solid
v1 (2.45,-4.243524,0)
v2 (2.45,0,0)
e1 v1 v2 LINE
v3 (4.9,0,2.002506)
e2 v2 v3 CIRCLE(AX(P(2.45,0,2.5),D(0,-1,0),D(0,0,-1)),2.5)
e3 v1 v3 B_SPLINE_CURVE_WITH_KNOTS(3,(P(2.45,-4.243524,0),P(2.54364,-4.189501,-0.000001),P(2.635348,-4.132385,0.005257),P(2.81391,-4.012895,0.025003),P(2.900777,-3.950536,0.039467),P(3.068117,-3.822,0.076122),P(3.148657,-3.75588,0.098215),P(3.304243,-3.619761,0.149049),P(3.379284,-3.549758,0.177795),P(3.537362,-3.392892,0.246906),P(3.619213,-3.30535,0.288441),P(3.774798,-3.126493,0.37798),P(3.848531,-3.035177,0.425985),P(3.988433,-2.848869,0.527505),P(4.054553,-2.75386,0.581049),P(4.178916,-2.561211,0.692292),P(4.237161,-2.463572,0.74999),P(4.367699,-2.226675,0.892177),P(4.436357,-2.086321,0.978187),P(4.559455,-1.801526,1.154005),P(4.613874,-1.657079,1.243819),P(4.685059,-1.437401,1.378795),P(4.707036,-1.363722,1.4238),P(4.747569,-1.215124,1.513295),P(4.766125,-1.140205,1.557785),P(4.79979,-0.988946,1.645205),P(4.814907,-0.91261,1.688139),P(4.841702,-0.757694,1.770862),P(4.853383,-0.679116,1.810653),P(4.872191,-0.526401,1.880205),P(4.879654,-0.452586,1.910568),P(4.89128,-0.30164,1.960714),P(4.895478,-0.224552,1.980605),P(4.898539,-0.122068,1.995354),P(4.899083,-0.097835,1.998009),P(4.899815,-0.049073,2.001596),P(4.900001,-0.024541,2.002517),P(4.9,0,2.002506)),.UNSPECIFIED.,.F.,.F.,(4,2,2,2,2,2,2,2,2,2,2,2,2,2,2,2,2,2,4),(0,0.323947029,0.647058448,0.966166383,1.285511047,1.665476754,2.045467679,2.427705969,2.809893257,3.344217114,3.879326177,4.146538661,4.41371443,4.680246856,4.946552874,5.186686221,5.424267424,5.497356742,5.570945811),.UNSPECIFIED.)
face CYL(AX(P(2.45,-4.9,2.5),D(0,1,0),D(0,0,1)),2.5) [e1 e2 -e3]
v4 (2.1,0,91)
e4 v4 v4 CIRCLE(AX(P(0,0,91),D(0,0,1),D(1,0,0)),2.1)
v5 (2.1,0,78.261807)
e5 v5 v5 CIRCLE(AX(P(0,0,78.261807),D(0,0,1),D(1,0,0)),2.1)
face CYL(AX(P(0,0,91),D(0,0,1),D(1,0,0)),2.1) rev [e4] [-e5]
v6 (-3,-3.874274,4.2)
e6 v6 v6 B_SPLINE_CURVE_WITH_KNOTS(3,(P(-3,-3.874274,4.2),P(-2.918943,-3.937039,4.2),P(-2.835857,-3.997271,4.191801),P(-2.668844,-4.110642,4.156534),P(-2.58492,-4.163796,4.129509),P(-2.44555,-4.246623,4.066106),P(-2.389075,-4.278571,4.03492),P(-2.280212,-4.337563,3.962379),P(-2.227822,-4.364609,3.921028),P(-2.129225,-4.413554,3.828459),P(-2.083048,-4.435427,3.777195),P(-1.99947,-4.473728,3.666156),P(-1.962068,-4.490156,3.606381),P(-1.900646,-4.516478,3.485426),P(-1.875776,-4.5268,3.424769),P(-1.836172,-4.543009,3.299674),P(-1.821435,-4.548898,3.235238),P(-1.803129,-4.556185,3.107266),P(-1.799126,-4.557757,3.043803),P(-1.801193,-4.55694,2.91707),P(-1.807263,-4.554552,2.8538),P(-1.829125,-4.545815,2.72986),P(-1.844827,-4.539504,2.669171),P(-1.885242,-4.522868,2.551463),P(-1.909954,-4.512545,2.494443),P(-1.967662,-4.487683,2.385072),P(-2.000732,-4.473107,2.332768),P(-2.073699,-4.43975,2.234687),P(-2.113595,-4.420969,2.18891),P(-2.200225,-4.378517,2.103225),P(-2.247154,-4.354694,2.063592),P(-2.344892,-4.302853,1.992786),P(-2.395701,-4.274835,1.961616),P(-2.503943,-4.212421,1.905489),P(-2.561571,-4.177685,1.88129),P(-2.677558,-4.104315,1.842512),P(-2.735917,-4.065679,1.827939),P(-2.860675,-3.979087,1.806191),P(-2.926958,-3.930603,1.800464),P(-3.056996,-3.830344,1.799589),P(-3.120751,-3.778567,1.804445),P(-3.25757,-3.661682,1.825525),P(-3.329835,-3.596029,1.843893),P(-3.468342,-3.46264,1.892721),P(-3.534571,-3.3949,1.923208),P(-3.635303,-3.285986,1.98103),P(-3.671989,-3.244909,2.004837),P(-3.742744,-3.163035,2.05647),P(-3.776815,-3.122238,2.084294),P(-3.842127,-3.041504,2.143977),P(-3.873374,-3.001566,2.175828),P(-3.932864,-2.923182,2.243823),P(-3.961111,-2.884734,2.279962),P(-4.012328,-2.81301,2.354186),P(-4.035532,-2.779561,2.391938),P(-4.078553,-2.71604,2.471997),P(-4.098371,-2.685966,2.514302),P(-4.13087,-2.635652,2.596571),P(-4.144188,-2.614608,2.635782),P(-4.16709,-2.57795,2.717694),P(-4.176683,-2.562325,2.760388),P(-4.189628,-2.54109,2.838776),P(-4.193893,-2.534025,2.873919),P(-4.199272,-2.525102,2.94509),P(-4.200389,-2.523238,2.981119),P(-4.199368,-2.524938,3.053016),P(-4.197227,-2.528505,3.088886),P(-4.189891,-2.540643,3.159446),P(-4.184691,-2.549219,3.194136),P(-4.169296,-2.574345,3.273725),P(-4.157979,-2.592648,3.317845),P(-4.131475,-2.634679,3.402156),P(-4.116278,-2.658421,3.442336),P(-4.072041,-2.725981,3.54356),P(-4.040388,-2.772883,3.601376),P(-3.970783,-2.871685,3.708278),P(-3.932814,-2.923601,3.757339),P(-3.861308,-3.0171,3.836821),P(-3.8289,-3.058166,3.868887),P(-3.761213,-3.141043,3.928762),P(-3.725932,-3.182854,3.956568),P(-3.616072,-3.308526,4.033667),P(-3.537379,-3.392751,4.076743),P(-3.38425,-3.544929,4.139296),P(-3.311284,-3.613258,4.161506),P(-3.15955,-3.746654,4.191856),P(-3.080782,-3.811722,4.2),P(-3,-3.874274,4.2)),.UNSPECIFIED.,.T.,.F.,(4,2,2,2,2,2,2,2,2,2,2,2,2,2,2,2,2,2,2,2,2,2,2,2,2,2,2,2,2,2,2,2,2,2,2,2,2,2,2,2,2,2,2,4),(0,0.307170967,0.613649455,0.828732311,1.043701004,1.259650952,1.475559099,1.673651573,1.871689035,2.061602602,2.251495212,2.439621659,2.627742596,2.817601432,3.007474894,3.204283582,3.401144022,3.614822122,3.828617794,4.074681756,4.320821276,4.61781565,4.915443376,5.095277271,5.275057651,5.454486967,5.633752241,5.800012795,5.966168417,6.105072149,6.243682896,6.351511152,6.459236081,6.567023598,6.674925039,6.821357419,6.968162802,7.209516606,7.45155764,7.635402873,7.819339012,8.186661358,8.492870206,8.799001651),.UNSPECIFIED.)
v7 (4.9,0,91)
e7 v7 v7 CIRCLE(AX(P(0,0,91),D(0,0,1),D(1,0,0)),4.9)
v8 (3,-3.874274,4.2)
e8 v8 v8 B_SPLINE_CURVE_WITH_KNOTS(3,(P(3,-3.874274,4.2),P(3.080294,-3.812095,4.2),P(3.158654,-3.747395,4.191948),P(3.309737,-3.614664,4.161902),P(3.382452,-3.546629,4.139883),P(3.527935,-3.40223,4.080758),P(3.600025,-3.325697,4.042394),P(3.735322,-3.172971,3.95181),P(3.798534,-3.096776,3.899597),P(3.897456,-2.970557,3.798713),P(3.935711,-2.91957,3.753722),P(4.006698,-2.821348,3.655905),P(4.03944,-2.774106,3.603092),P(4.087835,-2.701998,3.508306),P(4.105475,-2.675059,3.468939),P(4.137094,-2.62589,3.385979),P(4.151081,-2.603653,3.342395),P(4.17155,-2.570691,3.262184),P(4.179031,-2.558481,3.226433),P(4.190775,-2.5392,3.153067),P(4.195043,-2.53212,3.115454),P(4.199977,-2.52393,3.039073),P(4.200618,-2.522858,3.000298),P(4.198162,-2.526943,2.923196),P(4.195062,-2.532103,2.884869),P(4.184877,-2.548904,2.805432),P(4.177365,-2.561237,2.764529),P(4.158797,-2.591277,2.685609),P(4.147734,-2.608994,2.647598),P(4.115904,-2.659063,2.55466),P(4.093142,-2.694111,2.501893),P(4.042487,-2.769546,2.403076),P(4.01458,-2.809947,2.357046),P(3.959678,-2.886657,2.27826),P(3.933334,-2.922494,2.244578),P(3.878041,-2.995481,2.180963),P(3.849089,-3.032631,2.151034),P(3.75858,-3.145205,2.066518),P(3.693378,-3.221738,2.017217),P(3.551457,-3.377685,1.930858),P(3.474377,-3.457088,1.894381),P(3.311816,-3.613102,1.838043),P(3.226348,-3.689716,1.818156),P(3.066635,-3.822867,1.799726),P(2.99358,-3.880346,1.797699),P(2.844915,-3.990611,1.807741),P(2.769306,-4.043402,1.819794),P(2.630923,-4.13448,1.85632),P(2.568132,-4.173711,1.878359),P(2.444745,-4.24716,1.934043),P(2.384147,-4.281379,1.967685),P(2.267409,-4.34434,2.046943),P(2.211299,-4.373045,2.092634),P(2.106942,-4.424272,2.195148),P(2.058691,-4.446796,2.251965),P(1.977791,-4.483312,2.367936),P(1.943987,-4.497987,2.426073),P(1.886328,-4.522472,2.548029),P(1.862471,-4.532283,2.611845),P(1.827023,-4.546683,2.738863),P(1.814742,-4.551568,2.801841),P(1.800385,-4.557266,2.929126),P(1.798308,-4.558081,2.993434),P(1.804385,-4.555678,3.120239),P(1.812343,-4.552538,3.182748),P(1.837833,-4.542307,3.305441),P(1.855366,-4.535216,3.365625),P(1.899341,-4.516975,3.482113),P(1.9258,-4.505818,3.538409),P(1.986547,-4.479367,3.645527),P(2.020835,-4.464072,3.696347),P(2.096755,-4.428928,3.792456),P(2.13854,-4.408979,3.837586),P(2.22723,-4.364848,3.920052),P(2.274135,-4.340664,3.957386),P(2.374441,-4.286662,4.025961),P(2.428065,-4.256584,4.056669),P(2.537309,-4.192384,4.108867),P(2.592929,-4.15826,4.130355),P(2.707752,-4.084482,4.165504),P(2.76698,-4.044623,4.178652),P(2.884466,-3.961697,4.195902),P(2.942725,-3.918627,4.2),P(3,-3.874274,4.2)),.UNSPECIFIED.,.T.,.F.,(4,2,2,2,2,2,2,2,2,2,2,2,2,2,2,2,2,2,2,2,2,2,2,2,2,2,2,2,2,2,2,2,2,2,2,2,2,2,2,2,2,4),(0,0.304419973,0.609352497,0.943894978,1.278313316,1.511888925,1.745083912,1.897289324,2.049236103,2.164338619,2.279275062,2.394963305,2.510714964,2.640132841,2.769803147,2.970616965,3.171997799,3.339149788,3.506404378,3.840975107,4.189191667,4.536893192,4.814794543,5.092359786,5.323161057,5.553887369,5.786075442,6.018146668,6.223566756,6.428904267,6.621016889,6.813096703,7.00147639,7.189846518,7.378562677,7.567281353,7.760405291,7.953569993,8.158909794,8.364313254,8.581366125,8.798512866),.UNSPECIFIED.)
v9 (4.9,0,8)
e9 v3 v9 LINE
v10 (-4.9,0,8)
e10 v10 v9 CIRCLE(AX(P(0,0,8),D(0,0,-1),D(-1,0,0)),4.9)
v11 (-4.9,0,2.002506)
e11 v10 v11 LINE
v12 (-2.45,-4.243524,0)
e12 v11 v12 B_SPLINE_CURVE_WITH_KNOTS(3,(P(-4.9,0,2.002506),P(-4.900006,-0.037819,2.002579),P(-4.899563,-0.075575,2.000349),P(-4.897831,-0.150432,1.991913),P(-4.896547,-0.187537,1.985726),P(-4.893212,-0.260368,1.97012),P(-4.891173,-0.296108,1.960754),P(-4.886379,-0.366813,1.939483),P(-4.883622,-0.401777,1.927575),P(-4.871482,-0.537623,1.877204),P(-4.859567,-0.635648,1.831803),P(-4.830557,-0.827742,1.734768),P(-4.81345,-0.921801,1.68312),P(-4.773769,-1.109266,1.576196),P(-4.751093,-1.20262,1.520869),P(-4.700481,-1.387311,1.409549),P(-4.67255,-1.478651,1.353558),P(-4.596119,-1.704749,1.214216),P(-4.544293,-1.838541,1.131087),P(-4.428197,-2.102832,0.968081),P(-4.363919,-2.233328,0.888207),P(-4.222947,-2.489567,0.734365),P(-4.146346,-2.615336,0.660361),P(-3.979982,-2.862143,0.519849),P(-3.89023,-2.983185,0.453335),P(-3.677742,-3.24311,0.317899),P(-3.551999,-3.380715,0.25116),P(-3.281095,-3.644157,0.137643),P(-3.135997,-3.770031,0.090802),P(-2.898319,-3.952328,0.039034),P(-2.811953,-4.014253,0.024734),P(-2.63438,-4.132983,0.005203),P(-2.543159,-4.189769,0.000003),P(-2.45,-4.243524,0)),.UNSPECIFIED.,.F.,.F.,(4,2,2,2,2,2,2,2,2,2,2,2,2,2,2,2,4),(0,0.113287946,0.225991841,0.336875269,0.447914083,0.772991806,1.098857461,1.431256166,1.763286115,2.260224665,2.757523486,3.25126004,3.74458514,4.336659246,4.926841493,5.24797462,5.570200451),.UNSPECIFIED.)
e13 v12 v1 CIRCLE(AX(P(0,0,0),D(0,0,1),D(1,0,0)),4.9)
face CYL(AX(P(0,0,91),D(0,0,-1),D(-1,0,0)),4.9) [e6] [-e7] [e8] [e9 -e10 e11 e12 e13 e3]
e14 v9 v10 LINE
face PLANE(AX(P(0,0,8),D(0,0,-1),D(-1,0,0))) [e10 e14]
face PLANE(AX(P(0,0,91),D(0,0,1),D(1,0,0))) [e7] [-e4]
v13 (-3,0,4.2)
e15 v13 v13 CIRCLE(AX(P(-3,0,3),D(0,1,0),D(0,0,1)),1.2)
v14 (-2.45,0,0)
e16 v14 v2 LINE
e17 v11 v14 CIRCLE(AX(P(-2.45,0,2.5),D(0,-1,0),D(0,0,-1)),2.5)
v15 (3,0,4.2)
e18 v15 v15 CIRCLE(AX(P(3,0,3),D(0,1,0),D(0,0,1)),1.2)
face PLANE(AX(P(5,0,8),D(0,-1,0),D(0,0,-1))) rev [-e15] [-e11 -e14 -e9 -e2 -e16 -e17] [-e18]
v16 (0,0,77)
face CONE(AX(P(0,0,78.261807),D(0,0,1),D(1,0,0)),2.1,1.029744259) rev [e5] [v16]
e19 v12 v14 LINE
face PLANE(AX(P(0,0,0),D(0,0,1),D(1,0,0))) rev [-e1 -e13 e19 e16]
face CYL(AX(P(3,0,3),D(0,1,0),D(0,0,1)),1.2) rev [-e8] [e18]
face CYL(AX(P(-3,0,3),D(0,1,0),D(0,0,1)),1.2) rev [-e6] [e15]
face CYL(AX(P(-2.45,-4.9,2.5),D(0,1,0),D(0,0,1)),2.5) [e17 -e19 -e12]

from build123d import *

# Parameters (mm, degrees)
ESBO_O1_R                 = 4.9
RESSALTO_EXTRUS_O1_DEPTH  = 91
FURO_ROSCADO_DE_M51_D     = 4.2
FURO_ROSCADO_DE_M51_DEPTH = 12.7381927
FURO_ROSCADO_DE_M51_TIP   = 1.2618073
CORTE_EXTRUS_O1_DEPTH     = 8
CORTE_EXTRUS_O2_DEPTH     = 92.26346476
FURO_COM_FOLGA_DE_M21_D   = 2.4


with BuildPart() as part:
    # Esboço1 → Ressalto-extrusão1 (new body)
    with BuildSketch(Plane.XY):
        Circle(ESBO_O1_R)
    extrude(amount=RESSALTO_EXTRUS_O1_DEPTH)

    # Furo roscado de M51
    with Locations(Plane.XY.offset(91)):
        with Locations((0, 0)):
            Hole(FURO_ROSCADO_DE_M51_D / 2, depth=FURO_ROSCADO_DE_M51_DEPTH)
            with Locations((0, 0, -(FURO_ROSCADO_DE_M51_DEPTH + FURO_ROSCADO_DE_M51_TIP / 2))):  # 118° drill point
                Cone(0, FURO_ROSCADO_DE_M51_D / 2, FURO_ROSCADO_DE_M51_TIP, mode=Mode.SUBTRACT)

    # Esboço10 → Corte-extrusão1 (cut)
    with BuildSketch(Plane(origin=(0, 0, 0), x_dir=(-1, 0, 0), z_dir=(0, 0, -1))):
        with BuildLine():
            Line((-5, 0), (5, 0))
            ThreePointArc((5, 0), (0, 5), (-5, 0))
        make_face()
    extrude(amount=-CORTE_EXTRUS_O1_DEPTH, mode=Mode.SUBTRACT)

    # Esboço18 → Corte-extrusão2 (cut, through all)
    with BuildSketch(Plane(origin=(0, 0, 0), x_dir=(1, 0, 0), z_dir=(0, 1, 0))):
        with BuildLine():
            Line((-4.9, -2.002506281), (-4.9, 0))
            Line((-4.9, 0), (-2.45, 0))
            ThreePointArc((-2.45, 0), (-4.032129215, -0.564317395), (-4.9, -2.002506281))
        make_face()
        with BuildLine():
            Line((2.45, 0), (4.9, 0))
            Line((4.9, 0), (4.9, -2.002506281))
            ThreePointArc((4.9, -2.002506281), (4.032129215, -0.564317395), (2.45, 0))
        make_face()
    extrude(amount=-CORTE_EXTRUS_O2_DEPTH, mode=Mode.SUBTRACT)

    # Furo com folga de M21 (through all)
    with Locations(Plane(origin=(-3, 0, 3), x_dir=(0, 0, 1), z_dir=(0, 1, 0))):
        with Locations((0, 0), (0, 6)):
            Hole(FURO_COM_FOLGA_DE_M21_D / 2)


solid = part.part
